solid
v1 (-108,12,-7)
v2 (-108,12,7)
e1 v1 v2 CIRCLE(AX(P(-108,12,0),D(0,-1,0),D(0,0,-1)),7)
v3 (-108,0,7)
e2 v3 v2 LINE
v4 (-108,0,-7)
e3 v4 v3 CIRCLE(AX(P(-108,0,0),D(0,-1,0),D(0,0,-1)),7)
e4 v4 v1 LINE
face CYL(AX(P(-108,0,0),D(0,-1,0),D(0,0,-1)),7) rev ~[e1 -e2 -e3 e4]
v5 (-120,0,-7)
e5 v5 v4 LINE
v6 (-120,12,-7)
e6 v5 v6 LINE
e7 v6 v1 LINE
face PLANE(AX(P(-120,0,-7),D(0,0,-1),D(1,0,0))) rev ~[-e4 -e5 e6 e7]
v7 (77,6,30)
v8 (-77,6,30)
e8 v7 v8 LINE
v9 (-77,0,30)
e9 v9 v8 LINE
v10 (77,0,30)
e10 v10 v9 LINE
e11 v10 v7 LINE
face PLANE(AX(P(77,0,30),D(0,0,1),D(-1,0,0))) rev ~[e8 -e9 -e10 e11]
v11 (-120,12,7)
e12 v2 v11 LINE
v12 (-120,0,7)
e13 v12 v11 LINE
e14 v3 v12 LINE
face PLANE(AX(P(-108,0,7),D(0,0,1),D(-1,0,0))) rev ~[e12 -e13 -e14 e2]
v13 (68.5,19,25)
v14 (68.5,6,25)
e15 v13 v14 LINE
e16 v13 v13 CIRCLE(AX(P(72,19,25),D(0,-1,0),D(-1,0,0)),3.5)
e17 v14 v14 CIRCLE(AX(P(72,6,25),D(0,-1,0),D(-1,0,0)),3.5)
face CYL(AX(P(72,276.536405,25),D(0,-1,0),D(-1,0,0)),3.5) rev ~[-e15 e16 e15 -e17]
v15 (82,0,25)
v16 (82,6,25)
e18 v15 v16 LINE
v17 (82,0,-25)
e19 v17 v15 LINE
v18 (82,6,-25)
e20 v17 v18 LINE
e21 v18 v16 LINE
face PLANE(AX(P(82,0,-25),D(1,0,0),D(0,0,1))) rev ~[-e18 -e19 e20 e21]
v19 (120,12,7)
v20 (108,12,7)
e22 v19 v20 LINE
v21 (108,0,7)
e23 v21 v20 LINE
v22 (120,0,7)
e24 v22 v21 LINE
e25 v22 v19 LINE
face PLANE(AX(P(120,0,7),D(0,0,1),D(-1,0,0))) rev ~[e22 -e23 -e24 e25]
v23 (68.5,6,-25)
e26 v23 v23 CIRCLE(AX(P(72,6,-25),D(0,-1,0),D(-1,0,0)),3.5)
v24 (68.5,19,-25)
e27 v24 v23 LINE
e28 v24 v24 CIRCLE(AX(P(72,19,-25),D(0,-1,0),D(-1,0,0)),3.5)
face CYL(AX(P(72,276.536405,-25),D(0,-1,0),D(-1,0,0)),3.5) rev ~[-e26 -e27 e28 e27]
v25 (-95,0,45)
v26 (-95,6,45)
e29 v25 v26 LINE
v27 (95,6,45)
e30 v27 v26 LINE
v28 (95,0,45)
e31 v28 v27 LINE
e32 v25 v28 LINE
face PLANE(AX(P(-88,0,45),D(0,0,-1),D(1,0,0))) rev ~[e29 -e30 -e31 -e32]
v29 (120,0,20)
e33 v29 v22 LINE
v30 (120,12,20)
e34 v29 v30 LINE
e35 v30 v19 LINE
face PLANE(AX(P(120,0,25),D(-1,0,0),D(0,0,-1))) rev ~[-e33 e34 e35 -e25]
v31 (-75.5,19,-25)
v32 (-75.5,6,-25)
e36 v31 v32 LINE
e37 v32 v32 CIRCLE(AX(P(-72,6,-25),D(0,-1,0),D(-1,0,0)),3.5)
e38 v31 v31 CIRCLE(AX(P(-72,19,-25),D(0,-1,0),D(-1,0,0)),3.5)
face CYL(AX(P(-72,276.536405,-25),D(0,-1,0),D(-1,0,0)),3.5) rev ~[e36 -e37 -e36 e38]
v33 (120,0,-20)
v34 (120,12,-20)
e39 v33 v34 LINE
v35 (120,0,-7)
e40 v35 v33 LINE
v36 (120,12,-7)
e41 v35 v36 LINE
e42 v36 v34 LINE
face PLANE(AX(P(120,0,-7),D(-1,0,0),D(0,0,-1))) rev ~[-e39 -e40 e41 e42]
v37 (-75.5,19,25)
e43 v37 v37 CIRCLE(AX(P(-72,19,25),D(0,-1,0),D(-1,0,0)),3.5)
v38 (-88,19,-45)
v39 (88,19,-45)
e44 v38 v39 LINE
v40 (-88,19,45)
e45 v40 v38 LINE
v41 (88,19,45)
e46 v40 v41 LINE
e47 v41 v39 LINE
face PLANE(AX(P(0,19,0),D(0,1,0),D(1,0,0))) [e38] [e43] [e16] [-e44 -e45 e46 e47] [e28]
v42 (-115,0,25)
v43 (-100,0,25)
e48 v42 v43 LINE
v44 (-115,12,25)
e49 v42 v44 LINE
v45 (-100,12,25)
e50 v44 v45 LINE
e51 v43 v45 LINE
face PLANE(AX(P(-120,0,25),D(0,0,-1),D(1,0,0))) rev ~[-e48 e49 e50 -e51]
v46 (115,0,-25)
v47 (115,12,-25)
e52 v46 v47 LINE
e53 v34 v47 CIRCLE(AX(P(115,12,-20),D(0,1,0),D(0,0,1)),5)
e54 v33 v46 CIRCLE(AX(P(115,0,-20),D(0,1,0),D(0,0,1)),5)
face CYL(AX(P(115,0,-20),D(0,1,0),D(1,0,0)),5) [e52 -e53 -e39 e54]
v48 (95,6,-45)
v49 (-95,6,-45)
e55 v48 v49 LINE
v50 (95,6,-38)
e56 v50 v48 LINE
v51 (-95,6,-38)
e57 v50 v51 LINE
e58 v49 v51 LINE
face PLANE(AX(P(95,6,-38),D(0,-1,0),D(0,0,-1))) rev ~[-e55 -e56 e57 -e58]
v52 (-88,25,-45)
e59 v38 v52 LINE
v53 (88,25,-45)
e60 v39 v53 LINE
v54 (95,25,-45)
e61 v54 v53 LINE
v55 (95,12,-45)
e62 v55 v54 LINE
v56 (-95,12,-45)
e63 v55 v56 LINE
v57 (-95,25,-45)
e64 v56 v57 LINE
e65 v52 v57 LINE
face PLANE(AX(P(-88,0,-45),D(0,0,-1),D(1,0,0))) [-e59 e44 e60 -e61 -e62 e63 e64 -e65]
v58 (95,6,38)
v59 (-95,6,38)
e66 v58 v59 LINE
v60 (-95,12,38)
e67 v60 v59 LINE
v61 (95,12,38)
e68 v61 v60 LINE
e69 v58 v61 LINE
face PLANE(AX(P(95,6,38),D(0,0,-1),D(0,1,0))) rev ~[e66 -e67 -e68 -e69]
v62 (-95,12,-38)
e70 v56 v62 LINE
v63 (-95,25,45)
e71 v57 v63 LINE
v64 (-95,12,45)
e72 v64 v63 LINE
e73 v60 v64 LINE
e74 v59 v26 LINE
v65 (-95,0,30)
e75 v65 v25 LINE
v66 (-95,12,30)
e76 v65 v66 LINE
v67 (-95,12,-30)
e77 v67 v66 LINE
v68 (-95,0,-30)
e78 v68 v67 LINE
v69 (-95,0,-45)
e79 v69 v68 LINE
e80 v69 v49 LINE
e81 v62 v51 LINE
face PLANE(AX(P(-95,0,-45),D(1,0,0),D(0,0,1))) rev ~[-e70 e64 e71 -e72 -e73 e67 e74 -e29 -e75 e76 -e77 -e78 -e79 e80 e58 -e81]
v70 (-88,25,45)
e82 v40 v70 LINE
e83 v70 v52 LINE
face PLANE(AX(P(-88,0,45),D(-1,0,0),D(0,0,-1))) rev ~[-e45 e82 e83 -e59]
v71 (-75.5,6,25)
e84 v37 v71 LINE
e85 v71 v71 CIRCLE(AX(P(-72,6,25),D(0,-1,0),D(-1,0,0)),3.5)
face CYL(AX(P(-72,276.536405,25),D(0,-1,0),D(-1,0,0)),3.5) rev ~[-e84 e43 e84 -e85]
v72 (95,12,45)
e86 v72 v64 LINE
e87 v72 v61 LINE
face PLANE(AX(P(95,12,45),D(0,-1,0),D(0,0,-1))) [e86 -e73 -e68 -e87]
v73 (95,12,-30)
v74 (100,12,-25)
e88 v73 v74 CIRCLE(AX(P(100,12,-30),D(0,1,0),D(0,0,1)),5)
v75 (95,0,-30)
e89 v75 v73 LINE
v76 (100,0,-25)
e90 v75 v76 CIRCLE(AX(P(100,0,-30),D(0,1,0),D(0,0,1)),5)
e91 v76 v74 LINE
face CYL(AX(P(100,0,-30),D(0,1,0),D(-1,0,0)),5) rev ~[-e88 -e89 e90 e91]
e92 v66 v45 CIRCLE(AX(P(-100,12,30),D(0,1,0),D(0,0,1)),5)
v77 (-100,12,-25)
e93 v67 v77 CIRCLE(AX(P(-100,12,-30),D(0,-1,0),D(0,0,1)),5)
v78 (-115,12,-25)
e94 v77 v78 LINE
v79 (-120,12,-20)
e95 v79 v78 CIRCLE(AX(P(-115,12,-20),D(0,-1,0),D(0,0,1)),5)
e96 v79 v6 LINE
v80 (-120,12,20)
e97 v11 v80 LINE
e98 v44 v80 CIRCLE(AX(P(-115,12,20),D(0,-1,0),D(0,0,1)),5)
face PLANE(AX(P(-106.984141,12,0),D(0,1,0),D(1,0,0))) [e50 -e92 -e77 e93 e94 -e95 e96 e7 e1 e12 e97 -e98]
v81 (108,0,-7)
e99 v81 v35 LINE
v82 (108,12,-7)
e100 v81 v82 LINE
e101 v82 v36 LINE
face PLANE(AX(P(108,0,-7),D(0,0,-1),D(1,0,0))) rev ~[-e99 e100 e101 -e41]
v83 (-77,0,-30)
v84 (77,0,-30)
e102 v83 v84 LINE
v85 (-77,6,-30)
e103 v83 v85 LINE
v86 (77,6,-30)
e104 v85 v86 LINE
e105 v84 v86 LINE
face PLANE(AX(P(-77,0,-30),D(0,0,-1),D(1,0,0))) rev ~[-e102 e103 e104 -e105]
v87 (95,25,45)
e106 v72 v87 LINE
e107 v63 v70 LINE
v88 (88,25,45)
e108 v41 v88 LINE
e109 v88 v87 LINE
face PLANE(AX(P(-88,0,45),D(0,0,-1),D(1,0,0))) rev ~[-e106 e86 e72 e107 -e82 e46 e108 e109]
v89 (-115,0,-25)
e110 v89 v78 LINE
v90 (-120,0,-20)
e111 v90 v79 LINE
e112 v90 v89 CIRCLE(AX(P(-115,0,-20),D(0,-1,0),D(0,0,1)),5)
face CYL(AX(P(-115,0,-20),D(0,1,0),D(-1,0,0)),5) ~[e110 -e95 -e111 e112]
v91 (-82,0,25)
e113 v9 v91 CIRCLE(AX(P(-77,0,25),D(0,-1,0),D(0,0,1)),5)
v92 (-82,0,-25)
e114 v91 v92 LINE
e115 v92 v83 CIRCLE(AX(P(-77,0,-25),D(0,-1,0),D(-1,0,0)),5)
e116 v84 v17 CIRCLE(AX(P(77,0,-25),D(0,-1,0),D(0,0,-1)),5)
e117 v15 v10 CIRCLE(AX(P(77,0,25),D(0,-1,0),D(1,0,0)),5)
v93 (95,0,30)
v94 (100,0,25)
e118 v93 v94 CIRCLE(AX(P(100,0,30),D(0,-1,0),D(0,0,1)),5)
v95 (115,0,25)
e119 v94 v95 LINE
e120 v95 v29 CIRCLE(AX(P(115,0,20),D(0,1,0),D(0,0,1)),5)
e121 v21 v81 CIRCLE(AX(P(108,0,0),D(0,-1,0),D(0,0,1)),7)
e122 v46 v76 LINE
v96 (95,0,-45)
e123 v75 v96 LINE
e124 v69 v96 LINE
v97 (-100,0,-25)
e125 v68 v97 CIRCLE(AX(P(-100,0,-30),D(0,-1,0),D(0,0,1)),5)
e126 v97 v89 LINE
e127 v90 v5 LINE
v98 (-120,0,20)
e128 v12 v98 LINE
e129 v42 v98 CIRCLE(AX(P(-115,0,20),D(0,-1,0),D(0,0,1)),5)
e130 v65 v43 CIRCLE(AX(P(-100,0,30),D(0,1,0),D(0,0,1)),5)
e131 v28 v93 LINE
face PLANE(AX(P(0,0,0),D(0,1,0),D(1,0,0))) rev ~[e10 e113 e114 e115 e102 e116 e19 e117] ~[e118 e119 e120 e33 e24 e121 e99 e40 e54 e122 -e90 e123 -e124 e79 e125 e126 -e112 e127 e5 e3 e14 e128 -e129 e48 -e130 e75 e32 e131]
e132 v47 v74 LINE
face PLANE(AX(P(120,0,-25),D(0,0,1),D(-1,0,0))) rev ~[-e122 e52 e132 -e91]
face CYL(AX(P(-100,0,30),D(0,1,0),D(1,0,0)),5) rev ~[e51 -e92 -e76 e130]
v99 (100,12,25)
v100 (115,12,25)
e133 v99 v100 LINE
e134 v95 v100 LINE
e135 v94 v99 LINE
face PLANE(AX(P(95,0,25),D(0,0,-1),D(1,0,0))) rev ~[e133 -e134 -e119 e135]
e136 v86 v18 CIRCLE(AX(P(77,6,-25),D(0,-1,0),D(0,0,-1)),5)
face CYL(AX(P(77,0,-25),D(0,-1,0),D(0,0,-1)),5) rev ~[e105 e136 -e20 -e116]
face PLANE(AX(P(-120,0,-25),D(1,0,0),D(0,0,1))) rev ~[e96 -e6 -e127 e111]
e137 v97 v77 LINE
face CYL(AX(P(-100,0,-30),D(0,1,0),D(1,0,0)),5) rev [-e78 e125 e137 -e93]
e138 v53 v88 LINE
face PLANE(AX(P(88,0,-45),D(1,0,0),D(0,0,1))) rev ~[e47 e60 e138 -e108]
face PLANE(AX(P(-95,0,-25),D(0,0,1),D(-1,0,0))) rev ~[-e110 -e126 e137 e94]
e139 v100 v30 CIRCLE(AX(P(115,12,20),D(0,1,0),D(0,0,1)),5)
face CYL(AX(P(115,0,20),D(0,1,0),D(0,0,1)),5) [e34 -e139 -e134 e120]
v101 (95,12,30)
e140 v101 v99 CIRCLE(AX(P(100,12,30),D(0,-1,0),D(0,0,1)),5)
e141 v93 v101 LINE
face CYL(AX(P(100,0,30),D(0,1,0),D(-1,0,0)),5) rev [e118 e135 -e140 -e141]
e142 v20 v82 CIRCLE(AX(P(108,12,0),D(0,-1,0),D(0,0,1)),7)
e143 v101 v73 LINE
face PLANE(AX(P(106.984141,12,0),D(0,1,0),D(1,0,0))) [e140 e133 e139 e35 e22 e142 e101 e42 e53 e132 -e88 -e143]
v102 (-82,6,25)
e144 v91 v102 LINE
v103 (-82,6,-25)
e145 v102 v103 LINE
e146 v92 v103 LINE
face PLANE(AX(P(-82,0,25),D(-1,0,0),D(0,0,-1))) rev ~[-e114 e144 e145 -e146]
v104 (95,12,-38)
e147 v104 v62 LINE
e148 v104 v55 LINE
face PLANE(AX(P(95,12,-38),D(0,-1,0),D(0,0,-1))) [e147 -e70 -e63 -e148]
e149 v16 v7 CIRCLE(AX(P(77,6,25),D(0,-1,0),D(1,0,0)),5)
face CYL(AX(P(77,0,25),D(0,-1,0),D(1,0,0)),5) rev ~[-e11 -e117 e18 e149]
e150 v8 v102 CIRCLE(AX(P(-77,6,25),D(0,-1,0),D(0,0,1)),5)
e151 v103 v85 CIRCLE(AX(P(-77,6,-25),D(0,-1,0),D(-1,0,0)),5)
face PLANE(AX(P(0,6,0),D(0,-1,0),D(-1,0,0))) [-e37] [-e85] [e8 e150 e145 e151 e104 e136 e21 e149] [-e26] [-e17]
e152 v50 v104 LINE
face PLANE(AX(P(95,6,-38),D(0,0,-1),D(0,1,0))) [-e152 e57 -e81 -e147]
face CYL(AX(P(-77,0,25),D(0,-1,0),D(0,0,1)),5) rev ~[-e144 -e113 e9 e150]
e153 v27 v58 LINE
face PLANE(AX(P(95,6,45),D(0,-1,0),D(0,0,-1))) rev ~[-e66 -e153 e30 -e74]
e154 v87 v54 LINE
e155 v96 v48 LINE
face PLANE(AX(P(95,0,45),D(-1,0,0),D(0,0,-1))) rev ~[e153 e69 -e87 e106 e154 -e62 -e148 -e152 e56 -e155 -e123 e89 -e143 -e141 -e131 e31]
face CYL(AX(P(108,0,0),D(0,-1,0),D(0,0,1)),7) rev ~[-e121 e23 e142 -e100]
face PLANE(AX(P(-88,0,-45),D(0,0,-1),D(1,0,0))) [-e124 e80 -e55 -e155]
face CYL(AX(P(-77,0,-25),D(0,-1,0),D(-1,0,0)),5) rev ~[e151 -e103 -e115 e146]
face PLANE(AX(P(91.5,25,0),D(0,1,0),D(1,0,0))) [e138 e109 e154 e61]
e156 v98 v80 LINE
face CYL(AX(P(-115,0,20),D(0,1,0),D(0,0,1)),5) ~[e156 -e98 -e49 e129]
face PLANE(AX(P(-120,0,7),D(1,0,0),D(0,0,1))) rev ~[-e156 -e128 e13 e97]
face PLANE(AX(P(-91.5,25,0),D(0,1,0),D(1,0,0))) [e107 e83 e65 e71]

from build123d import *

# Parameters (mm, degrees)
BOSS_EXTRUDE1_DEPTH   = 25
BOSS_EXTRUDE1_2_DEPTH = 25
SKETCH1_3_W           = 176
SKETCH1_3_H           = 90
BOSS_EXTRUDE2_DEPTH   = 19
BOSS_EXTRUDE3_DEPTH   = 12
CUT_EXTRUDE1_DEPTH    = 6
CUT_EXTRUDE2_REACH    = 223.077
SKETCH2_W             = 7
SKETCH2_H             = 6
M8X1_0_TAPPED_HOLE1_D = 7
LPATTERN1_COUNT       = 2
LPATTERN1_PITCH       = 50
LPATTERN1_COUNT_DIR2  = 2
LPATTERN1_PITCH_DIR2  = 144
FILLET1_R             = 5


with BuildPart() as part:
    # Sketch1 → Boss-Extrude1 (new body)
    with BuildSketch(Plane(origin=(0, 0, 0), x_dir=(1, 0, 0), z_dir=(0, 1, 0))):
        Polygon((95, 45), (88, 45), (88, -45), (95, -45), (95, -25), (95, 25), align=None)
    extrude(amount=BOSS_EXTRUDE1_DEPTH)



with BuildPart() as body_2:
    # Sketch1 → Boss-Extrude1 2 (new body)
    with BuildSketch(Plane(origin=(0, 0, 0), x_dir=(1, 0, 0), z_dir=(0, 1, 0))):
        Polygon((-88, -45), (-88, 45), (-95, 45), (-95, 25), (-95, -25), (-95, -45), align=None)
    extrude(amount=BOSS_EXTRUDE1_2_DEPTH)


with BuildPart() as part_1:
    add(part.part)

    add(body_2.part)  # Boss-Extrude2 merges body 2
    # Sketch1<3> → Boss-Extrude2 (add)
    # profile 1 of 2: a face of its own
    with BuildSketch(Plane(origin=(0, 0, 0), x_dir=(1, 0, 0), z_dir=(0, 1, 0))):
        Rectangle(SKETCH1_3_W, SKETCH1_3_H)
        with BuildLine():
            ThreePointArc((-82, 25), (-80.535533906, 28.535533906), (-77, 30))
            Line((-77, 30), (77, 30))
            ThreePointArc((77, 30), (80.535533906, 28.535533906), (82, 25))
            Line((82, 25), (82, -25))
            ThreePointArc((82, -25), (80.535533906, -28.535533906), (77, -30))
            Line((77, -30), (-77, -30))
            ThreePointArc((-77, -30), (-80.535533906, -28.535533906), (-82, -25))
            Line((-82, -25), (-82, 25))
        make_face(mode=Mode.SUBTRACT)
    # profile 2 of 2: a face of its own
    with BuildSketch(Plane(origin=(0, 0, 0), x_dir=(1, 0, 0), z_dir=(0, 1, 0))):
        with BuildLine():
            Line((-77, 30), (77, 30))
            ThreePointArc((77, 30), (80.535533906, 28.535533906), (82, 25))
            Line((82, 25), (82, -25))
            ThreePointArc((82, -25), (80.535533906, -28.535533906), (77, -30))
            Line((77, -30), (-77, -30))
            ThreePointArc((-77, -30), (-80.535533906, -28.535533906), (-82, -25))
            Line((-82, -25), (-82, 25))
            ThreePointArc((-82, 25), (-80.535533906, 28.535533906), (-77, 30))
        make_face()
    extrude(amount=BOSS_EXTRUDE2_DEPTH)

    # Sketch1<4> → Boss-Extrude3 (add)
    with BuildSketch(Plane(origin=(0, 0, 0), x_dir=(1, 0, 0), z_dir=(0, 1, 0))):
        with BuildLine():
            Line((120, 25), (95, 25))
            Line((95, 25), (95, -25))
            Line((95, -25), (120, -25))
            Line((120, -25), (120, -7))
            Line((120, -7), (108, -7))
            ThreePointArc((108, -7), (101, 0), (108, 7))
            Line((108, 7), (120, 7))
            Line((120, 7), (120, 25))
        make_face()
        with BuildLine():
            Line((-95, -25), (-95, 25))
            Line((-95, 25), (-120, 25))
            Line((-120, 25), (-120, 7))
            Line((-120, 7), (-108, 7))
            ThreePointArc((-108, 7), (-101, 0), (-108, -7))
            Line((-108, -7), (-120, -7))
            Line((-120, -7), (-120, -25))
            Line((-120, -25), (-95, -25))
        make_face()
    extrude(amount=BOSS_EXTRUDE3_DEPTH)

    # Sketch1<5> → Cut-Extrude1 (cut)
    with BuildSketch(Plane(origin=(0, 0, 0), x_dir=(1, 0, 0), z_dir=(0, 1, 0))):
        with BuildLine():
            Line((-77, 30), (77, 30))
            ThreePointArc((77, 30), (80.535533906, 28.535533906), (82, 25))
            Line((82, 25), (82, -25))
            ThreePointArc((82, -25), (80.535533906, -28.535533906), (77, -30))
            Line((77, -30), (-77, -30))
            ThreePointArc((-77, -30), (-80.535533906, -28.535533906), (-82, -25))
            Line((-82, -25), (-82, 25))
            ThreePointArc((-82, 25), (-80.535533906, 28.535533906), (-77, 30))
        make_face()
    extrude(amount=CUT_EXTRUDE1_DEPTH, mode=Mode.SUBTRACT)

    # Sketch2 → Cut-Extrude2 (cut, up to next)
    with BuildSketch(Plane(origin=(95, 0, 0), x_dir=(0, 0, -1), z_dir=(1, 0, 0)), mode=Mode.PRIVATE) as cut_extrude2_sk1:
        with Locations((41.5, 9)):
            Rectangle(SKETCH2_W, SKETCH2_H)
    cut_extrude2_tool1 = extrude(cut_extrude2_sk1.sketch, amount=-CUT_EXTRUDE2_REACH, mode=Mode.PRIVATE) & part_1.part
    # Sketch2 → Cut-Extrude2 (cut, up to next)
    with BuildSketch(Plane(origin=(95, 0, 0), x_dir=(0, 0, -1), z_dir=(1, 0, 0)), mode=Mode.PRIVATE) as cut_extrude2_sk2:
        with Locations((-41.5, 9)):
            Rectangle(SKETCH2_W, SKETCH2_H)
    cut_extrude2_tool2 = extrude(cut_extrude2_sk2.sketch, amount=-CUT_EXTRUDE2_REACH, mode=Mode.PRIVATE) & part_1.part
    add(cut_extrude2_tool1.solids().sort_by_distance((95, 9, -41.5))[0], mode=Mode.SUBTRACT)
    add(cut_extrude2_tool2.solids().sort_by_distance((95, 9, 41.5))[0], mode=Mode.SUBTRACT)

    # M8x1.0 Tapped Hole1 (through all)
    with Locations(Plane(origin=(0, 19, 0), x_dir=(1, 0, 0), z_dir=(0, 1, 0))):
        with Locations((72, -25)):
            m8x1_0_tapped_hole1 = Hole(M8X1_0_TAPPED_HOLE1_D / 2)

    # LPattern1: M8x1.0 Tapped Hole1 2 × 2
    with Locations(*[(-j * LPATTERN1_PITCH_DIR2, 0, -i * LPATTERN1_PITCH) for i in range(LPATTERN1_COUNT) for j in range(LPATTERN1_COUNT_DIR2) if (i, j) != (0, 0)]):
        add(m8x1_0_tapped_hole1, mode=Mode.SUBTRACT)

    # Fillet1
    fillet1_edges = [part_1.edges().sort_by_distance(p)[0] for p in [
        (120, 6, -25),
        (95, 6, -25),
        (95, 6, 25),
        (120, 6, 25),
        (-120, 6, 25),
        (-95, 6, 25),
        (-95, 6, -25),
        (-120, 6, -25),
    ]]
    fillet(fillet1_edges, radius=FILLET1_R)


solid = part_1.part
